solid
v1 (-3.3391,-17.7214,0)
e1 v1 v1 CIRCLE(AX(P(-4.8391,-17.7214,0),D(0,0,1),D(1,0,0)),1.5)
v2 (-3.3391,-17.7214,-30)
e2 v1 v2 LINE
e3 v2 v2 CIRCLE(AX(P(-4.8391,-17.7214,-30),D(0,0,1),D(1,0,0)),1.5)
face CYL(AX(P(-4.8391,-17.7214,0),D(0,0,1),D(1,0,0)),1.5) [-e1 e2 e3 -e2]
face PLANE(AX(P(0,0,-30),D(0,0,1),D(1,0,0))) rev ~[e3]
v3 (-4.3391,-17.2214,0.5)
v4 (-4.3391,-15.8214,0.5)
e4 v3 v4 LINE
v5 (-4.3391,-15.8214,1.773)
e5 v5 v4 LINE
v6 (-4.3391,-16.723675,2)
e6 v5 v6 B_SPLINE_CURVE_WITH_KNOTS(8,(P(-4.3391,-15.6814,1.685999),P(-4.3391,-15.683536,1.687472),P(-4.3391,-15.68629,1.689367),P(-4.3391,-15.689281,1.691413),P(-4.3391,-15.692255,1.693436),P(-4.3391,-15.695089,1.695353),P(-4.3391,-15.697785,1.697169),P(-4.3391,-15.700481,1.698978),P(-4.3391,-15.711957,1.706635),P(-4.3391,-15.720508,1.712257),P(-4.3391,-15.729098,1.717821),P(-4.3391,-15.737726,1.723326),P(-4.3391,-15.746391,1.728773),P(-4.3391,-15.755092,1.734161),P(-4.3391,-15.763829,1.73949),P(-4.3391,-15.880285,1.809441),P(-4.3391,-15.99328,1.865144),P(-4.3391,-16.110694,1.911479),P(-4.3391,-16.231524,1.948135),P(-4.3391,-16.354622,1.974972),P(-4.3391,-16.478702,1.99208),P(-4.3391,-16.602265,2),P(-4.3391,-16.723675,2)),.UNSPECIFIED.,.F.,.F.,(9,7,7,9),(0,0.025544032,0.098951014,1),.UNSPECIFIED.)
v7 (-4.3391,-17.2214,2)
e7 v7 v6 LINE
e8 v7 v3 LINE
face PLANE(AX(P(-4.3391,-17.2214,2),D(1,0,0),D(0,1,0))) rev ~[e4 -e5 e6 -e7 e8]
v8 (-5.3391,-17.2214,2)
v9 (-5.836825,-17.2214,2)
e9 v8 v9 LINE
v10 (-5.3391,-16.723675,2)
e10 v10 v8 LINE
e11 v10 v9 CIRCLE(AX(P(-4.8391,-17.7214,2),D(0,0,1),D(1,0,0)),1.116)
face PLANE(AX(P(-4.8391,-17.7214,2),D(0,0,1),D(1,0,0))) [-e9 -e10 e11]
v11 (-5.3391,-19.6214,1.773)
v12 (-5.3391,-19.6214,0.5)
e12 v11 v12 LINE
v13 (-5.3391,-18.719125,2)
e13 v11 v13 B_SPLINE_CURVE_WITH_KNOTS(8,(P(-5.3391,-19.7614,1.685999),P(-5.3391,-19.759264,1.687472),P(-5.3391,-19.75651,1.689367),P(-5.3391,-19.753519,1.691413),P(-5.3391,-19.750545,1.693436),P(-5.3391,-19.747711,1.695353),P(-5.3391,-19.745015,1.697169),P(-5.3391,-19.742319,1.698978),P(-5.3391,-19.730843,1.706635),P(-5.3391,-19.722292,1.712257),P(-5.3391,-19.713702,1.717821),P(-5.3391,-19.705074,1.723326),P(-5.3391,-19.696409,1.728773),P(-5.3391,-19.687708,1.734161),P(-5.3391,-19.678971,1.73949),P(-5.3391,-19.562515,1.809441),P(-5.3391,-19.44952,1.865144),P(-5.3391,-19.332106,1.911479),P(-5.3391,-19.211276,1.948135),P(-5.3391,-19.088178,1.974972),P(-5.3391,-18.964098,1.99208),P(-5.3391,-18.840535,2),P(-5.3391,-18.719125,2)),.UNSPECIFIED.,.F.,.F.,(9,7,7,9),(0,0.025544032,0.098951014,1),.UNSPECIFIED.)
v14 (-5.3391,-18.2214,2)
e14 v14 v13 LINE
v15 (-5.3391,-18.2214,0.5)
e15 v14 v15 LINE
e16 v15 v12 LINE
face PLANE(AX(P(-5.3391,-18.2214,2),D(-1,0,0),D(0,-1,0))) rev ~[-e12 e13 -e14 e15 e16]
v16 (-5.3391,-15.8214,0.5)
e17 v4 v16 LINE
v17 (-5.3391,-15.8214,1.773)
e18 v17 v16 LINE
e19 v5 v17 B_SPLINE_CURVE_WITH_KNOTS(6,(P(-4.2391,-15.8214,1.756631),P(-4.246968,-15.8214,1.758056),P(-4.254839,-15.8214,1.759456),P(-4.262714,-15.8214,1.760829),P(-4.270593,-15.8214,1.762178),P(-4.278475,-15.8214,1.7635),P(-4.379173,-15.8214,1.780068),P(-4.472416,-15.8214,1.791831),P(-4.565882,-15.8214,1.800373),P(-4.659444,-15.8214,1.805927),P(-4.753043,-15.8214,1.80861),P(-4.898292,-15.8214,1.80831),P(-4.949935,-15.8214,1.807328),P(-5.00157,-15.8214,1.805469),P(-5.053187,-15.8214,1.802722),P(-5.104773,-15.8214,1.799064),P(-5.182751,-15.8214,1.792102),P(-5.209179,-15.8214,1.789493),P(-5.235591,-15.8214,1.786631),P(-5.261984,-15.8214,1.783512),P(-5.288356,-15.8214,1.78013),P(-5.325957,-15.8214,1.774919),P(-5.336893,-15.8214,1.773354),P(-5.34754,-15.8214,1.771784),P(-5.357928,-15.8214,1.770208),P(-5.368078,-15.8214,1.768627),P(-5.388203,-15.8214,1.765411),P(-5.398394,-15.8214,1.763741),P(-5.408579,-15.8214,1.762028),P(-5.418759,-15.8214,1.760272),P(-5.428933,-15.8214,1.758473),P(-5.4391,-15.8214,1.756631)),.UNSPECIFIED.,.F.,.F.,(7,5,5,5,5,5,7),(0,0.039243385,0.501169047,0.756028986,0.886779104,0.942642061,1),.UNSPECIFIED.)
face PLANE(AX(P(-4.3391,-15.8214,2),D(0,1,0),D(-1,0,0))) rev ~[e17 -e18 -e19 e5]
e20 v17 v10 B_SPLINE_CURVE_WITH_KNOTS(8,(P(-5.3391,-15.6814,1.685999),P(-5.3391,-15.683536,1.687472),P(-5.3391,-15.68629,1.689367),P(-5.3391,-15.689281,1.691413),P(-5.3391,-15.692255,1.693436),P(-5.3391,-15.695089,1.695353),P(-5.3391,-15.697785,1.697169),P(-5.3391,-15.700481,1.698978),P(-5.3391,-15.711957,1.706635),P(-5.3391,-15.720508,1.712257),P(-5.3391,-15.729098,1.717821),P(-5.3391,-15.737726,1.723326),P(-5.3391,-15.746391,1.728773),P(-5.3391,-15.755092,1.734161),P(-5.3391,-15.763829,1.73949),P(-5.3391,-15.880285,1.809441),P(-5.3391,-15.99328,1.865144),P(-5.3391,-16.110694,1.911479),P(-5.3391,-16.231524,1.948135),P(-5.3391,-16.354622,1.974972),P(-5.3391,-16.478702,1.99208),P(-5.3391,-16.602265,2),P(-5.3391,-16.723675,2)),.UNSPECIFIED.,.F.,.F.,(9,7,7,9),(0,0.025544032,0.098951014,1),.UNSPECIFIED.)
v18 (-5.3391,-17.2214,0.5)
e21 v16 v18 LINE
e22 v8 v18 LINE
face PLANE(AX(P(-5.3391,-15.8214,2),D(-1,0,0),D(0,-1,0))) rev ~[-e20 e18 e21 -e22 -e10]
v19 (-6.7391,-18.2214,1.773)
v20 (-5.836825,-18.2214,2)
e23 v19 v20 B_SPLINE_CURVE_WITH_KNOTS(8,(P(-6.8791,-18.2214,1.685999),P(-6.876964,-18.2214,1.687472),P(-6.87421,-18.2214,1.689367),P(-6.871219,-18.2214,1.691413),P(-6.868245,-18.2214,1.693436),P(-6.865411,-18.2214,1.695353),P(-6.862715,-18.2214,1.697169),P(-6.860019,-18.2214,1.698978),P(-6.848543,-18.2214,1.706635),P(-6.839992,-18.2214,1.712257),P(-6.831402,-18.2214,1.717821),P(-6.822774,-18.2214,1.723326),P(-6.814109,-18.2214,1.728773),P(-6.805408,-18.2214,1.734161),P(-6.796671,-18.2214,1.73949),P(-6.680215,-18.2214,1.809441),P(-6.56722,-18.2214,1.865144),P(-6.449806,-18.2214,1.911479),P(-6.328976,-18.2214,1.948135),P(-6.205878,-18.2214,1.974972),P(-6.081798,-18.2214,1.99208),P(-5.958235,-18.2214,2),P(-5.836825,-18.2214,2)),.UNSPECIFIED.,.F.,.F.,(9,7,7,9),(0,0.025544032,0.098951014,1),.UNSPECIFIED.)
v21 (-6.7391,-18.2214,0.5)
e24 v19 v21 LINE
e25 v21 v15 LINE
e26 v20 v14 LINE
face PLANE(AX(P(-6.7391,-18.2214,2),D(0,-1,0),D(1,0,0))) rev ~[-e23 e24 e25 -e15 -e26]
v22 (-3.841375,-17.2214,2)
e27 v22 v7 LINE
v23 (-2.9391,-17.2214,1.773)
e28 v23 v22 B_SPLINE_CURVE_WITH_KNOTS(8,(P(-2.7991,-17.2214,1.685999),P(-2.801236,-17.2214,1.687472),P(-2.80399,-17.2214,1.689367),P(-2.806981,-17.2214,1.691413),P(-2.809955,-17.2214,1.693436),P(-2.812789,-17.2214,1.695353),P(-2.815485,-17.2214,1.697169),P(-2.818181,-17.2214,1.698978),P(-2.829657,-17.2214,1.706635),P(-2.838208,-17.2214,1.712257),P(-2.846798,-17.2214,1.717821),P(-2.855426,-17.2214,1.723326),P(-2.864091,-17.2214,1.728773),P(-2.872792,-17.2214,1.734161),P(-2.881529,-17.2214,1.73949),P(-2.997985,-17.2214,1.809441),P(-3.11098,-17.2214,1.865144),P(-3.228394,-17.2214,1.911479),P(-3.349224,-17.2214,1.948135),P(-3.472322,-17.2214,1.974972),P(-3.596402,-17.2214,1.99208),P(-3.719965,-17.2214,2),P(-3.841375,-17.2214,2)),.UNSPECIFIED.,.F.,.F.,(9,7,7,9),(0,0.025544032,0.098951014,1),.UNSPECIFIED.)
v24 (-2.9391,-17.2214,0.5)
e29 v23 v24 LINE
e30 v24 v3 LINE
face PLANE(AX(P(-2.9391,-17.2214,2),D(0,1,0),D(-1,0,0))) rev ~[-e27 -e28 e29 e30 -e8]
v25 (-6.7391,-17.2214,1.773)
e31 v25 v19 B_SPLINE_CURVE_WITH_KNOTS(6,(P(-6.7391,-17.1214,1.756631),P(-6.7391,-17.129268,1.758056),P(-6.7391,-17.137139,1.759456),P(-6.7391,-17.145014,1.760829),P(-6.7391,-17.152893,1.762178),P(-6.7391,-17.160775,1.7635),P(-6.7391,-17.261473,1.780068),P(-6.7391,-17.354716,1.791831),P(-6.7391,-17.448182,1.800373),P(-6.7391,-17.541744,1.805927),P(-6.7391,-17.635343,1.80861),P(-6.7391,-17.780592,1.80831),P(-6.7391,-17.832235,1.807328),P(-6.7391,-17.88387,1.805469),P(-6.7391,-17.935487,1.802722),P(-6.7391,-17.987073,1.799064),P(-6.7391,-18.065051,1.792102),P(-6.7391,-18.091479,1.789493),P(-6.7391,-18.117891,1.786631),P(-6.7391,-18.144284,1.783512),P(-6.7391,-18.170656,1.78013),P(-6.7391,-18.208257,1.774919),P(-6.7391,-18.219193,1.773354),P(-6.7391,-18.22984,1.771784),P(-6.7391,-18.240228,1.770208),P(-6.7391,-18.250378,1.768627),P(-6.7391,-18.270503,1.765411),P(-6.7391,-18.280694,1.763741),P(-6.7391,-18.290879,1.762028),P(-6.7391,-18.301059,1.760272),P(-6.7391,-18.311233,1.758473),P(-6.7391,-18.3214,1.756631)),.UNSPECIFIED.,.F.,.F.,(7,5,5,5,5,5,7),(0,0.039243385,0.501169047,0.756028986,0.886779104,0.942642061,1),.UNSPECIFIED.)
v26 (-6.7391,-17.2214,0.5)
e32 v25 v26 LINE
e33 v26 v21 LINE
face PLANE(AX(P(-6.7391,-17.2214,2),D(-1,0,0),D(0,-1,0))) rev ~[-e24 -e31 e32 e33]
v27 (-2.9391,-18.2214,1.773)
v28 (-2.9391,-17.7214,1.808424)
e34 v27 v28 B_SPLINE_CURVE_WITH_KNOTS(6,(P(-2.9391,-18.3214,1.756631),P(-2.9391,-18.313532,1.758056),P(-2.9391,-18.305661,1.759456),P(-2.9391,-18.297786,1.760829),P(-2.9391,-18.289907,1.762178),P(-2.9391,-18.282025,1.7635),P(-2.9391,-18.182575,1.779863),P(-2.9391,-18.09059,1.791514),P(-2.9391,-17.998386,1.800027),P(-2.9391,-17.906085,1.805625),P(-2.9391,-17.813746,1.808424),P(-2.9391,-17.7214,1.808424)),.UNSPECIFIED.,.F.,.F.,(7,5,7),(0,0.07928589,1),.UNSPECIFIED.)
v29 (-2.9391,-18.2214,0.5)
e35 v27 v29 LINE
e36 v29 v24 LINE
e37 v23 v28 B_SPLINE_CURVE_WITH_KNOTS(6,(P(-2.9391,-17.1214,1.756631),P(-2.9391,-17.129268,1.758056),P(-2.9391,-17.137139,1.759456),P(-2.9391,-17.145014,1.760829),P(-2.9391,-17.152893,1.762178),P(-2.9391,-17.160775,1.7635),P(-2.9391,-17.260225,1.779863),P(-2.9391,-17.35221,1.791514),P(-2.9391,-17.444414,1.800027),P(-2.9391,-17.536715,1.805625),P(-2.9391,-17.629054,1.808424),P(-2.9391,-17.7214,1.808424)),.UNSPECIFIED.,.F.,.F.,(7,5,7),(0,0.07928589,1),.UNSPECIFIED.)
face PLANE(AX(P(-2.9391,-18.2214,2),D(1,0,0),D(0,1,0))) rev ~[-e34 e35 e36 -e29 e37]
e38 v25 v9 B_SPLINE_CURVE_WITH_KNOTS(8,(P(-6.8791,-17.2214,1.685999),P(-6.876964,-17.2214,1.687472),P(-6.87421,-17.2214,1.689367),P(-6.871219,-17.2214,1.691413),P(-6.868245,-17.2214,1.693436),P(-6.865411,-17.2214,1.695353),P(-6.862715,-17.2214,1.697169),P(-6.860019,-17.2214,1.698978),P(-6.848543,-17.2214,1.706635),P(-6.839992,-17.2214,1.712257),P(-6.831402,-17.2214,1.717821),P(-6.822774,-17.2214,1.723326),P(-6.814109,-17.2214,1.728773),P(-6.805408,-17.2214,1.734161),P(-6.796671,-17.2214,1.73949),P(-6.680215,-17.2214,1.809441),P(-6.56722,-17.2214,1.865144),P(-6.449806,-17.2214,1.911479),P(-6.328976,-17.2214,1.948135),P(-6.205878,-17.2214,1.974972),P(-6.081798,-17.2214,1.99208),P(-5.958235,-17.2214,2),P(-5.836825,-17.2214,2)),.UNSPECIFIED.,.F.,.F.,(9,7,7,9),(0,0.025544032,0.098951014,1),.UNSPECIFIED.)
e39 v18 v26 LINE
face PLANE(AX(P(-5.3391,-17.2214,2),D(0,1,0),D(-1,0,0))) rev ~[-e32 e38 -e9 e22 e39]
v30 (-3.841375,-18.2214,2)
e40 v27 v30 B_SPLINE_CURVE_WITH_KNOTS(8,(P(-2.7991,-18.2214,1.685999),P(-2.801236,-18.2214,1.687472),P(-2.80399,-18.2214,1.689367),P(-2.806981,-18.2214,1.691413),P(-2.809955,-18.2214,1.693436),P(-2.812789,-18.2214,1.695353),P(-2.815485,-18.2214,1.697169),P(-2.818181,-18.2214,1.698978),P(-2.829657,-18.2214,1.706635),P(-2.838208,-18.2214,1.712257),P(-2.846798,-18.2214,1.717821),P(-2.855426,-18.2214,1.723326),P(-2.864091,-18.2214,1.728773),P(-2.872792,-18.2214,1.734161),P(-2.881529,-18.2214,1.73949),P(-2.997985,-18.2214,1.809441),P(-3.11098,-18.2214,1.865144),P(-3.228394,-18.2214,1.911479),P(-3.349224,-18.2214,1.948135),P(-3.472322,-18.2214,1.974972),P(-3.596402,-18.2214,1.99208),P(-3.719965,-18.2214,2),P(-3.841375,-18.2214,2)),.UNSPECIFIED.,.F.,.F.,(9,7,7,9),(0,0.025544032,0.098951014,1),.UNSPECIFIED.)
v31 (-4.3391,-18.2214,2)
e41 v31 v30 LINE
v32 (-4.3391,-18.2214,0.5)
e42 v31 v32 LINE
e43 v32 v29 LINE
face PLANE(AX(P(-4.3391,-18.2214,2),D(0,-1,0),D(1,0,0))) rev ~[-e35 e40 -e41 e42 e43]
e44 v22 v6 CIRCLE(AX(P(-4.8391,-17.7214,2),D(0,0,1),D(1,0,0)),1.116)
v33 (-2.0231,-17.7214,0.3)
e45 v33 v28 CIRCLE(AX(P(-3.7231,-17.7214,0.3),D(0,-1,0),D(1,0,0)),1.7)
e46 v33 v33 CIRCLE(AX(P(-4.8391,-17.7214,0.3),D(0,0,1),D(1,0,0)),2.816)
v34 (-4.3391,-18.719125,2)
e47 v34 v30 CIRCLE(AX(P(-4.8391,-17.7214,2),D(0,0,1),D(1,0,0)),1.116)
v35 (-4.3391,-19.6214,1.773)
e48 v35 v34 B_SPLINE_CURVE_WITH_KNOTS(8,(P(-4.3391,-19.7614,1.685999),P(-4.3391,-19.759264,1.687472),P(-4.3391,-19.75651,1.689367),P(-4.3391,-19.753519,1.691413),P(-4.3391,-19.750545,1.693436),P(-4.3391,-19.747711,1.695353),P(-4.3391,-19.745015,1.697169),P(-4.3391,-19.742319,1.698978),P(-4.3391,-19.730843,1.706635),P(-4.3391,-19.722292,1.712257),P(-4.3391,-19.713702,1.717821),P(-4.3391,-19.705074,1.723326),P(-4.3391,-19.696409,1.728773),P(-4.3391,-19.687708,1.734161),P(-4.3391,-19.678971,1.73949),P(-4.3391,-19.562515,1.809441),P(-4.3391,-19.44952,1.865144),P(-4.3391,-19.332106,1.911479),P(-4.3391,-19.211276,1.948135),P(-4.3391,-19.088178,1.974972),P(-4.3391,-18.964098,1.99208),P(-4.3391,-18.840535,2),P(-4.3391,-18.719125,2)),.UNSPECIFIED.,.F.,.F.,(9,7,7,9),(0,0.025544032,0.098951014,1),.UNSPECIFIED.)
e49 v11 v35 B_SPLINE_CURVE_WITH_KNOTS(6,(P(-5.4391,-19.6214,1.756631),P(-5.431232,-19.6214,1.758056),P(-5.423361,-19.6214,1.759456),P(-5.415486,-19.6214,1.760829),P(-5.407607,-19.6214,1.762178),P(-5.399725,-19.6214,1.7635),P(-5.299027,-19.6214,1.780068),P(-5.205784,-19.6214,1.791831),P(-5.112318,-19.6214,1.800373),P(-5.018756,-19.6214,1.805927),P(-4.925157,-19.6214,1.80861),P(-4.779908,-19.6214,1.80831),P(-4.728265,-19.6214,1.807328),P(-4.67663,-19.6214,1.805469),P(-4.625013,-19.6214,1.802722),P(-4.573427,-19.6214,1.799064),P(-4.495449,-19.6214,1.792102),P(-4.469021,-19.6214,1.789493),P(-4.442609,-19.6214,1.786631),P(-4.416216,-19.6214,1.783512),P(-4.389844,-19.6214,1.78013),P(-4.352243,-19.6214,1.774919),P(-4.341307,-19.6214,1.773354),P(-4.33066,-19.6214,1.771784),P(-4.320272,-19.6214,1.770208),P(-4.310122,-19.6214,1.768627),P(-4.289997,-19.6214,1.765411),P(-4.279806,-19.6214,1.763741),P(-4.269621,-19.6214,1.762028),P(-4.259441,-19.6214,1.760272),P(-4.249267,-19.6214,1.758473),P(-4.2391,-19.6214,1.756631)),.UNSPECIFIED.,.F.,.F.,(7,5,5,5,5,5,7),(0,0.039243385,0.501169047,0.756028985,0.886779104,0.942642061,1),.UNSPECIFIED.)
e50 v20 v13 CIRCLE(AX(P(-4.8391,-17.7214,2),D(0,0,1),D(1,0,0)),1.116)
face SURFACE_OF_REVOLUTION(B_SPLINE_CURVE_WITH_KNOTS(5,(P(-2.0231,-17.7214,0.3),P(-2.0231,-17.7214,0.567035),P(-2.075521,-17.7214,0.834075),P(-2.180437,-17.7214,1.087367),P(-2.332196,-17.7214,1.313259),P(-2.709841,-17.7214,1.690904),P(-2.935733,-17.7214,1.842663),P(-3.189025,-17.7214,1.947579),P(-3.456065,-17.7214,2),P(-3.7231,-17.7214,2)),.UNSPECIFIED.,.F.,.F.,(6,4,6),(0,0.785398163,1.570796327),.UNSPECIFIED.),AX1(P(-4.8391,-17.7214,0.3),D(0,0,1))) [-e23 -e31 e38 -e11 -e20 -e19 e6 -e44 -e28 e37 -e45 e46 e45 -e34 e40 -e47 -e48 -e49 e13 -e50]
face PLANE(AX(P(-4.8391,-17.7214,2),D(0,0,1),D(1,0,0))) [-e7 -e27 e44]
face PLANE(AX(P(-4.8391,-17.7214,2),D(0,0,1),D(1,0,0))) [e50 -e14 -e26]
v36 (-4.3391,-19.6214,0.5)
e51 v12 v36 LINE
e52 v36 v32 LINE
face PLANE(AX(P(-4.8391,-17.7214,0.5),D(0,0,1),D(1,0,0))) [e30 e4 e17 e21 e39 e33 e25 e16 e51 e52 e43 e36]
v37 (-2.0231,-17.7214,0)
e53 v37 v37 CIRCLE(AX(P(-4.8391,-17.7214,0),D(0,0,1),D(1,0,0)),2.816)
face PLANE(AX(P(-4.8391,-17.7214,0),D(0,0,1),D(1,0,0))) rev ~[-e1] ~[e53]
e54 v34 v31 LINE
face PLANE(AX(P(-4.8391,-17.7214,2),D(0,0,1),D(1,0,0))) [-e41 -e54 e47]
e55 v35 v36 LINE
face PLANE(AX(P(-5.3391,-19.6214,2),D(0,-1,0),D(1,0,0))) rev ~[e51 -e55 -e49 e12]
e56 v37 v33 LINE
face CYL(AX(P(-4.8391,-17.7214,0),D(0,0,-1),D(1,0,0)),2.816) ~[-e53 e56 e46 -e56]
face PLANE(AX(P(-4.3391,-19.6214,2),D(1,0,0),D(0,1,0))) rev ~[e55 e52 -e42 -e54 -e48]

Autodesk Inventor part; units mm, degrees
ref_plane "YZ Plane" through (0, 0, 0) normal (1, 0, 0) x (0, 1, 0)
ref_plane "XZ Plane" through (0, 0, 0) normal (0, 1, 0) x (-1, 0, 0)
ref_plane "XY Plane" through (0, 0, 0) normal (0, 0, 1) x (1, 0, 0)
sketch "Эскиз1" plane through (0, 0, 0) normal (0, 0, 1) x (1, 0, 0)
  circle A0 centre (-4.8391, -17.7214) radius 1.5
  point P0 (0, 0)
extrude "Выдавливание1" add sketch "Эскиз1" against normal blind 30
sketch "Эскиз2" plane through (-4.8391, -17.7214, 0) normal (0, 0, 1) x (1, 0, 0)
  circle A0 centre (0, 0) radius 2.816
  point P0 (4.8391, 17.7214)
extrude "Выдавливание2" add sketch "Эскиз2" along normal blind 2
fillet "Сопряжение1" radius 1.7 1 edges at (-7.6551, -17.7214, 2)
sketch "Эскиз3" plane through (-4.8391, -17.7214, 2) normal (0, 0, 1) x (1, 0, 0)
  line L0 (-0.5, -1.9) -> (0.5, -1.9)
  line L1 (0.5, 1.9) -> (-0.5, 1.9)
  line L2 (1.9, -0.5) -> (1.9, 0.5)
  line L3 (-1.9, 0.5) -> (-1.9, -0.5)
  line L4 (-0.5, 1.9) -> (-0.5, 0.5)
  line L5 (-0.5, -0.5) -> (-0.5, -1.9)
  line L6 (1.9, 0.5) -> (0.5, 0.5)
  line L7 (-0.5, 0.5) -> (-1.9, 0.5)
  line L8 (0.5, -1.9) -> (0.5, -0.5)
  line L9 (0.5, 0.5) -> (0.5, 1.9)
  line L10 (-1.9, -0.5) -> (-0.5, -0.5)
  line L11 (0.5, -0.5) -> (1.9, -0.5)
  point P0 (4.8391, 17.7214)
  point P1 (0, 0)
extrude "Выдавливание3" cut sketch "Эскиз3" against normal blind 1.5
thread "Резьба1" size "M3x0.5" class "6g" standard "ISO Metric profile" full length
properties part number "Винт М3х30"
